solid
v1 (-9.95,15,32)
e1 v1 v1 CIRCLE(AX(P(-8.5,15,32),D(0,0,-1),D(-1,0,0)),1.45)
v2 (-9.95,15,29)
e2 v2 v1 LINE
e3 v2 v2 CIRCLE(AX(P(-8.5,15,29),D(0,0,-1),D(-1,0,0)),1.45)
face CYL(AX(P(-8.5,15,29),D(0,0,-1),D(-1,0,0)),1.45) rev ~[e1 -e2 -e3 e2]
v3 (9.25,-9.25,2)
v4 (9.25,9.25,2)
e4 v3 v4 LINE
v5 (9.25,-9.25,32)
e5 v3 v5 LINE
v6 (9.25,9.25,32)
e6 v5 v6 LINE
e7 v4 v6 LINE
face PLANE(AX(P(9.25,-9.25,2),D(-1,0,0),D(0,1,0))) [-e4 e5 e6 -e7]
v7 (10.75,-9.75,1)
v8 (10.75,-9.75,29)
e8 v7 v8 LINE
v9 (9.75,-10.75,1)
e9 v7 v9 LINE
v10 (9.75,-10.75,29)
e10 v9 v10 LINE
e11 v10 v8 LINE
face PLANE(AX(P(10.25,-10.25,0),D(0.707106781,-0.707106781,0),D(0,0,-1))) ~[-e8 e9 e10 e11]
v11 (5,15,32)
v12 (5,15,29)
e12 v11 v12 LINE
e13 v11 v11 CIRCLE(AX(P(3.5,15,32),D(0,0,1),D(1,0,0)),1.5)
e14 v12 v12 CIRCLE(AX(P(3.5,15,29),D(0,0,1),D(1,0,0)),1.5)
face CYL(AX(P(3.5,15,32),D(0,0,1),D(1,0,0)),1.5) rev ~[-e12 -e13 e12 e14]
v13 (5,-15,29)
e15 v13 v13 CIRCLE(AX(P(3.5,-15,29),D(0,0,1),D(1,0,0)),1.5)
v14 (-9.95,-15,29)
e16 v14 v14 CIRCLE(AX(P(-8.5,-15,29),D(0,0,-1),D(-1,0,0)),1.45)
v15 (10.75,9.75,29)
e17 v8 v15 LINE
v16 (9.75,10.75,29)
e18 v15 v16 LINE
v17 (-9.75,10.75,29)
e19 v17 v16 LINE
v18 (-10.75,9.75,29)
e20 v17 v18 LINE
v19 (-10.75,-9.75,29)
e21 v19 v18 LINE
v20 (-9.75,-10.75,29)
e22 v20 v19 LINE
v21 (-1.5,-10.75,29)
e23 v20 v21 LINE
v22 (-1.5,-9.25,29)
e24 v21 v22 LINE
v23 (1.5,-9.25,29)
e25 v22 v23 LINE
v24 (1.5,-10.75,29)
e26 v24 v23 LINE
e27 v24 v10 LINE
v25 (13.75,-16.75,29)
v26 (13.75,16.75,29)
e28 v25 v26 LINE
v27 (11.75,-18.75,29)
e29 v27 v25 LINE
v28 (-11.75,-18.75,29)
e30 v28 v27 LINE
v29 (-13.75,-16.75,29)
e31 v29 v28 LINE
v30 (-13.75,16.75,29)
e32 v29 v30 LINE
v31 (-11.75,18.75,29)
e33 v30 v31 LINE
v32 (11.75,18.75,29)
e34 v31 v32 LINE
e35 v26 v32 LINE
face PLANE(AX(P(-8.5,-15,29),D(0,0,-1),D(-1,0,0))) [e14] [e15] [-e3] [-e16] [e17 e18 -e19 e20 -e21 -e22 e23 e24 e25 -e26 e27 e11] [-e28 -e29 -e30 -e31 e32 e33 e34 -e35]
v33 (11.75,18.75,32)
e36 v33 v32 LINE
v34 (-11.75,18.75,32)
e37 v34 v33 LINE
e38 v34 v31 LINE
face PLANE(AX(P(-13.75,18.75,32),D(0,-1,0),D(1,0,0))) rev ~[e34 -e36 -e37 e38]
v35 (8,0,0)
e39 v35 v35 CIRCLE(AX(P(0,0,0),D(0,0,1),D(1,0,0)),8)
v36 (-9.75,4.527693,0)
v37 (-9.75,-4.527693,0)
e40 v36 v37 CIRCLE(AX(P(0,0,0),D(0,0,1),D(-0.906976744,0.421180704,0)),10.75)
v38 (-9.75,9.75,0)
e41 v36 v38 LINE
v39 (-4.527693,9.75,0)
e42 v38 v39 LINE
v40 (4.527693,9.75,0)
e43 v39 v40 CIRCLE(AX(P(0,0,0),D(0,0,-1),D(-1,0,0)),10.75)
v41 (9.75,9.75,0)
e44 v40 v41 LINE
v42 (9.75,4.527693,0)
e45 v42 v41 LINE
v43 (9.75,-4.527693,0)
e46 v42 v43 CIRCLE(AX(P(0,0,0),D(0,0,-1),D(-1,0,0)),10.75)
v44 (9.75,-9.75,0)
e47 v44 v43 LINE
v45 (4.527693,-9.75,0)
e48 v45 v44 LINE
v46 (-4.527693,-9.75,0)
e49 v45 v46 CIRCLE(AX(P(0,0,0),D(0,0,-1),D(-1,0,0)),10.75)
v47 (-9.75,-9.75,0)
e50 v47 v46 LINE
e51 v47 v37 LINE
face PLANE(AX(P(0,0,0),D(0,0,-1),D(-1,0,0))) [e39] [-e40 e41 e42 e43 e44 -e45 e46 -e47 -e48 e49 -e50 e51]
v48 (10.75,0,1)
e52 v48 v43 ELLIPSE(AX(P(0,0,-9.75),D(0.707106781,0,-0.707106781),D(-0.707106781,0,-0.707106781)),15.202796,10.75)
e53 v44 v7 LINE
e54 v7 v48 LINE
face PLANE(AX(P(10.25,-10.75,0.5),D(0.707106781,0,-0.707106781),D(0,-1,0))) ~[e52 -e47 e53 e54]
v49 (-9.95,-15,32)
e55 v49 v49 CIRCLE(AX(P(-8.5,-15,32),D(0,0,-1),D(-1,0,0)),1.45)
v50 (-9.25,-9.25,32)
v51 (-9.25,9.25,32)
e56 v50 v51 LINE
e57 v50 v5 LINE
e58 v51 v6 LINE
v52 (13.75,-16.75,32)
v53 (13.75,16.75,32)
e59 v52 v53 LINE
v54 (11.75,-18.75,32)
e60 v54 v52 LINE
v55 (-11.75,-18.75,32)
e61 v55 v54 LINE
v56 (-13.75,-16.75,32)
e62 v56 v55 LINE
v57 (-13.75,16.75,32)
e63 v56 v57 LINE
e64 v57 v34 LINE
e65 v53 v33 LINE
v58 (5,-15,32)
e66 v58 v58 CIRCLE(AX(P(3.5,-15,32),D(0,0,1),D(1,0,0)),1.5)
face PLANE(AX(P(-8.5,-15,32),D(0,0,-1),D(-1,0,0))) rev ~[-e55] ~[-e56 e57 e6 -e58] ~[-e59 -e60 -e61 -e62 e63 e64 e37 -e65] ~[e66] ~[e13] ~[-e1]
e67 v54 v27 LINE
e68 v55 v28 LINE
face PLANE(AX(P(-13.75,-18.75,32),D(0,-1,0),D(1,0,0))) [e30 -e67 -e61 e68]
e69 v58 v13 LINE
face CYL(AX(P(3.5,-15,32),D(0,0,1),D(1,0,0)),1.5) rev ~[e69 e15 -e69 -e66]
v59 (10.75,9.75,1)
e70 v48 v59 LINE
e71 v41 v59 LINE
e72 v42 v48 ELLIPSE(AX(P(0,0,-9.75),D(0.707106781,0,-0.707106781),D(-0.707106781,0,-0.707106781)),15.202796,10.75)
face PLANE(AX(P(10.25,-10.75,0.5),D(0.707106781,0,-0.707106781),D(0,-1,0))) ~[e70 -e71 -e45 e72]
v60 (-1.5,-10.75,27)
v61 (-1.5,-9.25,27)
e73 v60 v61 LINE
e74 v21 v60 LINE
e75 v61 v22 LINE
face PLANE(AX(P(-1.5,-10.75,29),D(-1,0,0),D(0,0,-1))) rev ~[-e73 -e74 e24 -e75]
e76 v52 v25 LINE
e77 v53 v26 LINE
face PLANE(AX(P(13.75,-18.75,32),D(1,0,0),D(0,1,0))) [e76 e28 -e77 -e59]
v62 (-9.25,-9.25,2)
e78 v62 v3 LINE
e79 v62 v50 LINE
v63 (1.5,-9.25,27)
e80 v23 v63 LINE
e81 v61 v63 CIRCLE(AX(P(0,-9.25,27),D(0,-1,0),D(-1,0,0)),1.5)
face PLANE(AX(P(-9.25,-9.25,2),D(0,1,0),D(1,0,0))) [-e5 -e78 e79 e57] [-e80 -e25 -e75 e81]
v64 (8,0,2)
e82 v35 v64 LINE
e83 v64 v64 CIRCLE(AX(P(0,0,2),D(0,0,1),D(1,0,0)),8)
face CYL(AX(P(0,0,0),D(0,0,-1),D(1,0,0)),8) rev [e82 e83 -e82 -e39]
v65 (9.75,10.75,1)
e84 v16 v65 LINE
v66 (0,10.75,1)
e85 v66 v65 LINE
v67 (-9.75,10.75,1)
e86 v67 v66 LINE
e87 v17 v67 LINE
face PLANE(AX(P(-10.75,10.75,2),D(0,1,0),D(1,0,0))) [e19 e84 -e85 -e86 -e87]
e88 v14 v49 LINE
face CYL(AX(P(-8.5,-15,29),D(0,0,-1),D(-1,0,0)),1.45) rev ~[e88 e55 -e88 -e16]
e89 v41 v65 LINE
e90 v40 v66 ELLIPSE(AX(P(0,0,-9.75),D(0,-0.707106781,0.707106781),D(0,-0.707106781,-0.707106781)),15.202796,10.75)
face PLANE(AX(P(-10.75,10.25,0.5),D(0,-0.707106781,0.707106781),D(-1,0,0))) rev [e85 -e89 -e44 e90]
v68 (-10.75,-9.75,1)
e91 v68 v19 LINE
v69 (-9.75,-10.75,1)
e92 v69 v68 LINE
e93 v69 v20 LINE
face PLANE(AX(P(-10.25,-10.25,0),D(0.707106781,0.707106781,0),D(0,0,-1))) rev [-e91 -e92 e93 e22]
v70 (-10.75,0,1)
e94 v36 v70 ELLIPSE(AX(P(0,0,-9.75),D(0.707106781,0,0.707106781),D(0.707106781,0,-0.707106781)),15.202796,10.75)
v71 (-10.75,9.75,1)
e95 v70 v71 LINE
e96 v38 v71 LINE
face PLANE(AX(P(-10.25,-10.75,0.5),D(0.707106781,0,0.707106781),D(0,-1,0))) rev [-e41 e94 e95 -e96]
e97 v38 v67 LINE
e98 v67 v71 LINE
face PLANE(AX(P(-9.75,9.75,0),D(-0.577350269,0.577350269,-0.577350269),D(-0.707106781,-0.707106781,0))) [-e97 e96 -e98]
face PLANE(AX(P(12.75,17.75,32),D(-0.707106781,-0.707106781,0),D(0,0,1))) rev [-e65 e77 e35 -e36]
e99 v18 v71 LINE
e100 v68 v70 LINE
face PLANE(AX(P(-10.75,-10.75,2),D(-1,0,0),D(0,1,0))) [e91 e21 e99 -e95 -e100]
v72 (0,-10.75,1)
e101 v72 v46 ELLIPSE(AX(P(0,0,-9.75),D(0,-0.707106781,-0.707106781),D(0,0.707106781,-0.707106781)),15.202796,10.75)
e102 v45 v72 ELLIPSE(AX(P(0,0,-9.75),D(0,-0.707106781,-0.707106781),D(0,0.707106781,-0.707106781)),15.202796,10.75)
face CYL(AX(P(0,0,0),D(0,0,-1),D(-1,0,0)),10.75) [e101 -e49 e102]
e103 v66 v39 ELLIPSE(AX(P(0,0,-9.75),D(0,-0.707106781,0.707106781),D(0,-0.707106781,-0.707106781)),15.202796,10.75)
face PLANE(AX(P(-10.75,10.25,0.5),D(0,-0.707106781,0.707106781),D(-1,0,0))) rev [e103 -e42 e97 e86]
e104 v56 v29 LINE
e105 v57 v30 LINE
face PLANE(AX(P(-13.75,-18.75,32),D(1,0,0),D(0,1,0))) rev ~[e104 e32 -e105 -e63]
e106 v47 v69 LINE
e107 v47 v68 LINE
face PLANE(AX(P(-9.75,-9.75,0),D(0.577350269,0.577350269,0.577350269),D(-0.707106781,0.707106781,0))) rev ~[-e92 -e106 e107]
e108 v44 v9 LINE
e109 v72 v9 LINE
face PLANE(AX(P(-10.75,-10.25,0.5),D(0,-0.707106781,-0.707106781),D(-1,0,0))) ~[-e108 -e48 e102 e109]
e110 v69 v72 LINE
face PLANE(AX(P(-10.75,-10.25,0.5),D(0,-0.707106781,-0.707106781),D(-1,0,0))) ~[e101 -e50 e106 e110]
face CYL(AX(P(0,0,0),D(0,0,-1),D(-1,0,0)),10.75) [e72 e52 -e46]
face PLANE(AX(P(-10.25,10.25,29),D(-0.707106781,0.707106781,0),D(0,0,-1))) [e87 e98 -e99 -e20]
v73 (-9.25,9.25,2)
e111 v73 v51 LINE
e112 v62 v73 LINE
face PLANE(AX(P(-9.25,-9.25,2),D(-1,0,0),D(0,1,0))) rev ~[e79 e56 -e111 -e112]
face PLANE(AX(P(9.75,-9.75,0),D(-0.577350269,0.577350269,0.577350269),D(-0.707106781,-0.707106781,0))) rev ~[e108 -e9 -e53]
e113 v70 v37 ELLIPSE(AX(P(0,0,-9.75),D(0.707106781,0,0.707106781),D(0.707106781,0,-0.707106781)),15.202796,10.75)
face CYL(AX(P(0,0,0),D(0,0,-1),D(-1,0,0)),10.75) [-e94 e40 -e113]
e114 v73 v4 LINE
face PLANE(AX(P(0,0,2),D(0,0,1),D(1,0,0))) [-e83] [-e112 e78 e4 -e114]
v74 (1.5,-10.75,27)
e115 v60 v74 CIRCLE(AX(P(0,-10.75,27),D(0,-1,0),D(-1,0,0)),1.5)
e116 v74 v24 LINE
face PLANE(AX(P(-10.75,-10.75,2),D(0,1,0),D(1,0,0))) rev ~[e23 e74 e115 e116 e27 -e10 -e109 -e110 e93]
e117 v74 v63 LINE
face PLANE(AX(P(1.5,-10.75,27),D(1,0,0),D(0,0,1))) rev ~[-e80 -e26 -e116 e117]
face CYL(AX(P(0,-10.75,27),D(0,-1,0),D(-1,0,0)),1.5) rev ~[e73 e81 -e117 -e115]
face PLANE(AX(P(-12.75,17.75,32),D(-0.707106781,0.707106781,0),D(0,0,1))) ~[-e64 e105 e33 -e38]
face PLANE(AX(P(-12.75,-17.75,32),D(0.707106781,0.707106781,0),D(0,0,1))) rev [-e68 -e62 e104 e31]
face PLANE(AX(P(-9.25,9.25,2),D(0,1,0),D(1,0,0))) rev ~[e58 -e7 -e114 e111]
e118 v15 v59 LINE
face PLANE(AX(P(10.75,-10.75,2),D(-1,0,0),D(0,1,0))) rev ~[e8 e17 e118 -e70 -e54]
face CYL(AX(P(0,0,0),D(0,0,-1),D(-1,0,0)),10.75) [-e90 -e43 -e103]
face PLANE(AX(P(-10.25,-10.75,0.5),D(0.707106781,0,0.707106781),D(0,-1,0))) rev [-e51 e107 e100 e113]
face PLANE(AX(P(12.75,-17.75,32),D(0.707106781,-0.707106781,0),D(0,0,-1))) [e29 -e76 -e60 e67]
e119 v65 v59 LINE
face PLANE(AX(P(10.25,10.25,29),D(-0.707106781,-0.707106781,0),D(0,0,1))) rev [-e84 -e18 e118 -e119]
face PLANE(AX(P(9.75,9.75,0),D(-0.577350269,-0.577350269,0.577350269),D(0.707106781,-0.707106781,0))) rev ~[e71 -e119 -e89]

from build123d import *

# Parameters (mm, degrees)
SKETCH1_W           = 21.5
SKETCH1_H           = 21.5
SKETCH1_R           = 8
BOSS_EXTRUDE1_DEPTH = 2
SKETCH2_W           = 21.5
SKETCH2_H           = 21.5
SKETCH2_W_2         = 18.5
SKETCH2_H_2         = 18.5
BOSS_EXTRUDE2_DEPTH = 30
SKETCH3_W           = 27.5
SKETCH3_H           = 37.5
SKETCH3_R           = 1.5
SKETCH3_W_2         = 21.5
SKETCH3_H_2         = 21.5
BOSS_EXTRUDE3_DEPTH = 3
CUT_EXTRUDE1_DEPTH  = 3
CHAMFER1_SIZE       = 1
CHAMFER2_SIZE       = 2
SKETCH5_R           = 1.5
SKETCH5_R_2         = 1.45
BOSS_EXTRUDE4_DEPTH = 3
SKETCH6_R           = 10.75
SKETCH6_R_2         = 8
BOSS_EXTRUDE5_DEPTH = 1.5


with BuildPart() as part:
    # Sketch1 → Boss-Extrude1 (new body)
    with BuildSketch(Plane.XY):
        Rectangle(SKETCH1_W, SKETCH1_H)
        Circle(SKETCH1_R, mode=Mode.SUBTRACT)
    extrude(amount=BOSS_EXTRUDE1_DEPTH)

    # Sketch2 → Boss-Extrude2 (add)
    with BuildSketch(Plane.XY.offset(2)):
        Rectangle(SKETCH2_W, SKETCH2_H)
        Rectangle(SKETCH2_W_2, SKETCH2_H_2, mode=Mode.SUBTRACT)
    extrude(amount=BOSS_EXTRUDE2_DEPTH)

    # Sketch3 → Boss-Extrude3 (add)
    with BuildSketch(Plane.XY.offset(32)):
        Rectangle(SKETCH3_W, SKETCH3_H)
        with Locations((3.5, -15)):
            Circle(SKETCH3_R, mode=Mode.SUBTRACT)
        with Locations((3.5, 15)):
            Circle(SKETCH3_R, mode=Mode.SUBTRACT)
        with Locations((-8.5, 15)):
            Circle(SKETCH3_R, mode=Mode.SUBTRACT)
        with Locations((-8.5, -15)):
            Circle(SKETCH3_R, mode=Mode.SUBTRACT)
        Rectangle(SKETCH3_W_2, SKETCH3_H_2, mode=Mode.SUBTRACT)
    extrude(amount=-BOSS_EXTRUDE3_DEPTH)

    # Sketch4 → Cut-Extrude1 (cut)
    with BuildSketch(Plane.XZ.offset(10.75)):
        with BuildLine():
            Line((-1.5, 29), (-1.5, 27))
            ThreePointArc((-1.5, 27), (0, 25.5), (1.5, 27))
            Line((1.5, 27), (1.5, 29))
            Line((1.5, 29), (-1.5, 29))
        make_face()
    extrude(amount=-CUT_EXTRUDE1_DEPTH, mode=Mode.SUBTRACT)

    # Chamfer1
    chamfer1_edges = [part.edges().sort_by_distance(p)[0] for p in [
        (-10.75, 10.75, 14.5),
        (10.75, 10.75, 14.5),
        (10.75, -10.75, 14.5),
        (-10.75, -10.75, 14.5),
        (0, 10.75, 0),
        (10.75, 0, 0),
        (0, -10.75, 0),
        (-10.75, 0, 0),
    ]]
    chamfer(chamfer1_edges, length=CHAMFER1_SIZE)

    # Chamfer2
    chamfer2_edges = [part.edges().sort_by_distance(p)[0] for p in [
        (13.75, 18.75, 30.5),
        (13.75, -18.75, 30.5),
        (-13.75, -18.75, 30.5),
        (-13.75, 18.75, 30.5),
    ]]
    chamfer(chamfer2_edges, length=CHAMFER2_SIZE)

    # Sketch5 → Boss-Extrude4 (add)
    with BuildSketch(Plane(origin=(0, 0, 29), x_dir=(-1, 0, 0), z_dir=(0, 0, -1))):
        with Locations((8.5, -15)):
            Circle(SKETCH5_R)
        with Locations((8.5, -15)):
            Circle(SKETCH5_R_2, mode=Mode.SUBTRACT)
        with Locations((8.5, 15)):
            Circle(SKETCH5_R)
        with Locations((8.5, 15)):
            Circle(SKETCH5_R_2, mode=Mode.SUBTRACT)
    extrude(amount=-BOSS_EXTRUDE4_DEPTH)

    # Sketch6 → Boss-Extrude5 (add)
    with BuildSketch(Plane(origin=(0, 0, 0), x_dir=(-1, 0, 0), z_dir=(0, 0, -1))):
        Circle(SKETCH6_R)
        Circle(SKETCH6_R_2, mode=Mode.SUBTRACT)
    extrude(amount=-BOSS_EXTRUDE5_DEPTH)


solid = part.part
